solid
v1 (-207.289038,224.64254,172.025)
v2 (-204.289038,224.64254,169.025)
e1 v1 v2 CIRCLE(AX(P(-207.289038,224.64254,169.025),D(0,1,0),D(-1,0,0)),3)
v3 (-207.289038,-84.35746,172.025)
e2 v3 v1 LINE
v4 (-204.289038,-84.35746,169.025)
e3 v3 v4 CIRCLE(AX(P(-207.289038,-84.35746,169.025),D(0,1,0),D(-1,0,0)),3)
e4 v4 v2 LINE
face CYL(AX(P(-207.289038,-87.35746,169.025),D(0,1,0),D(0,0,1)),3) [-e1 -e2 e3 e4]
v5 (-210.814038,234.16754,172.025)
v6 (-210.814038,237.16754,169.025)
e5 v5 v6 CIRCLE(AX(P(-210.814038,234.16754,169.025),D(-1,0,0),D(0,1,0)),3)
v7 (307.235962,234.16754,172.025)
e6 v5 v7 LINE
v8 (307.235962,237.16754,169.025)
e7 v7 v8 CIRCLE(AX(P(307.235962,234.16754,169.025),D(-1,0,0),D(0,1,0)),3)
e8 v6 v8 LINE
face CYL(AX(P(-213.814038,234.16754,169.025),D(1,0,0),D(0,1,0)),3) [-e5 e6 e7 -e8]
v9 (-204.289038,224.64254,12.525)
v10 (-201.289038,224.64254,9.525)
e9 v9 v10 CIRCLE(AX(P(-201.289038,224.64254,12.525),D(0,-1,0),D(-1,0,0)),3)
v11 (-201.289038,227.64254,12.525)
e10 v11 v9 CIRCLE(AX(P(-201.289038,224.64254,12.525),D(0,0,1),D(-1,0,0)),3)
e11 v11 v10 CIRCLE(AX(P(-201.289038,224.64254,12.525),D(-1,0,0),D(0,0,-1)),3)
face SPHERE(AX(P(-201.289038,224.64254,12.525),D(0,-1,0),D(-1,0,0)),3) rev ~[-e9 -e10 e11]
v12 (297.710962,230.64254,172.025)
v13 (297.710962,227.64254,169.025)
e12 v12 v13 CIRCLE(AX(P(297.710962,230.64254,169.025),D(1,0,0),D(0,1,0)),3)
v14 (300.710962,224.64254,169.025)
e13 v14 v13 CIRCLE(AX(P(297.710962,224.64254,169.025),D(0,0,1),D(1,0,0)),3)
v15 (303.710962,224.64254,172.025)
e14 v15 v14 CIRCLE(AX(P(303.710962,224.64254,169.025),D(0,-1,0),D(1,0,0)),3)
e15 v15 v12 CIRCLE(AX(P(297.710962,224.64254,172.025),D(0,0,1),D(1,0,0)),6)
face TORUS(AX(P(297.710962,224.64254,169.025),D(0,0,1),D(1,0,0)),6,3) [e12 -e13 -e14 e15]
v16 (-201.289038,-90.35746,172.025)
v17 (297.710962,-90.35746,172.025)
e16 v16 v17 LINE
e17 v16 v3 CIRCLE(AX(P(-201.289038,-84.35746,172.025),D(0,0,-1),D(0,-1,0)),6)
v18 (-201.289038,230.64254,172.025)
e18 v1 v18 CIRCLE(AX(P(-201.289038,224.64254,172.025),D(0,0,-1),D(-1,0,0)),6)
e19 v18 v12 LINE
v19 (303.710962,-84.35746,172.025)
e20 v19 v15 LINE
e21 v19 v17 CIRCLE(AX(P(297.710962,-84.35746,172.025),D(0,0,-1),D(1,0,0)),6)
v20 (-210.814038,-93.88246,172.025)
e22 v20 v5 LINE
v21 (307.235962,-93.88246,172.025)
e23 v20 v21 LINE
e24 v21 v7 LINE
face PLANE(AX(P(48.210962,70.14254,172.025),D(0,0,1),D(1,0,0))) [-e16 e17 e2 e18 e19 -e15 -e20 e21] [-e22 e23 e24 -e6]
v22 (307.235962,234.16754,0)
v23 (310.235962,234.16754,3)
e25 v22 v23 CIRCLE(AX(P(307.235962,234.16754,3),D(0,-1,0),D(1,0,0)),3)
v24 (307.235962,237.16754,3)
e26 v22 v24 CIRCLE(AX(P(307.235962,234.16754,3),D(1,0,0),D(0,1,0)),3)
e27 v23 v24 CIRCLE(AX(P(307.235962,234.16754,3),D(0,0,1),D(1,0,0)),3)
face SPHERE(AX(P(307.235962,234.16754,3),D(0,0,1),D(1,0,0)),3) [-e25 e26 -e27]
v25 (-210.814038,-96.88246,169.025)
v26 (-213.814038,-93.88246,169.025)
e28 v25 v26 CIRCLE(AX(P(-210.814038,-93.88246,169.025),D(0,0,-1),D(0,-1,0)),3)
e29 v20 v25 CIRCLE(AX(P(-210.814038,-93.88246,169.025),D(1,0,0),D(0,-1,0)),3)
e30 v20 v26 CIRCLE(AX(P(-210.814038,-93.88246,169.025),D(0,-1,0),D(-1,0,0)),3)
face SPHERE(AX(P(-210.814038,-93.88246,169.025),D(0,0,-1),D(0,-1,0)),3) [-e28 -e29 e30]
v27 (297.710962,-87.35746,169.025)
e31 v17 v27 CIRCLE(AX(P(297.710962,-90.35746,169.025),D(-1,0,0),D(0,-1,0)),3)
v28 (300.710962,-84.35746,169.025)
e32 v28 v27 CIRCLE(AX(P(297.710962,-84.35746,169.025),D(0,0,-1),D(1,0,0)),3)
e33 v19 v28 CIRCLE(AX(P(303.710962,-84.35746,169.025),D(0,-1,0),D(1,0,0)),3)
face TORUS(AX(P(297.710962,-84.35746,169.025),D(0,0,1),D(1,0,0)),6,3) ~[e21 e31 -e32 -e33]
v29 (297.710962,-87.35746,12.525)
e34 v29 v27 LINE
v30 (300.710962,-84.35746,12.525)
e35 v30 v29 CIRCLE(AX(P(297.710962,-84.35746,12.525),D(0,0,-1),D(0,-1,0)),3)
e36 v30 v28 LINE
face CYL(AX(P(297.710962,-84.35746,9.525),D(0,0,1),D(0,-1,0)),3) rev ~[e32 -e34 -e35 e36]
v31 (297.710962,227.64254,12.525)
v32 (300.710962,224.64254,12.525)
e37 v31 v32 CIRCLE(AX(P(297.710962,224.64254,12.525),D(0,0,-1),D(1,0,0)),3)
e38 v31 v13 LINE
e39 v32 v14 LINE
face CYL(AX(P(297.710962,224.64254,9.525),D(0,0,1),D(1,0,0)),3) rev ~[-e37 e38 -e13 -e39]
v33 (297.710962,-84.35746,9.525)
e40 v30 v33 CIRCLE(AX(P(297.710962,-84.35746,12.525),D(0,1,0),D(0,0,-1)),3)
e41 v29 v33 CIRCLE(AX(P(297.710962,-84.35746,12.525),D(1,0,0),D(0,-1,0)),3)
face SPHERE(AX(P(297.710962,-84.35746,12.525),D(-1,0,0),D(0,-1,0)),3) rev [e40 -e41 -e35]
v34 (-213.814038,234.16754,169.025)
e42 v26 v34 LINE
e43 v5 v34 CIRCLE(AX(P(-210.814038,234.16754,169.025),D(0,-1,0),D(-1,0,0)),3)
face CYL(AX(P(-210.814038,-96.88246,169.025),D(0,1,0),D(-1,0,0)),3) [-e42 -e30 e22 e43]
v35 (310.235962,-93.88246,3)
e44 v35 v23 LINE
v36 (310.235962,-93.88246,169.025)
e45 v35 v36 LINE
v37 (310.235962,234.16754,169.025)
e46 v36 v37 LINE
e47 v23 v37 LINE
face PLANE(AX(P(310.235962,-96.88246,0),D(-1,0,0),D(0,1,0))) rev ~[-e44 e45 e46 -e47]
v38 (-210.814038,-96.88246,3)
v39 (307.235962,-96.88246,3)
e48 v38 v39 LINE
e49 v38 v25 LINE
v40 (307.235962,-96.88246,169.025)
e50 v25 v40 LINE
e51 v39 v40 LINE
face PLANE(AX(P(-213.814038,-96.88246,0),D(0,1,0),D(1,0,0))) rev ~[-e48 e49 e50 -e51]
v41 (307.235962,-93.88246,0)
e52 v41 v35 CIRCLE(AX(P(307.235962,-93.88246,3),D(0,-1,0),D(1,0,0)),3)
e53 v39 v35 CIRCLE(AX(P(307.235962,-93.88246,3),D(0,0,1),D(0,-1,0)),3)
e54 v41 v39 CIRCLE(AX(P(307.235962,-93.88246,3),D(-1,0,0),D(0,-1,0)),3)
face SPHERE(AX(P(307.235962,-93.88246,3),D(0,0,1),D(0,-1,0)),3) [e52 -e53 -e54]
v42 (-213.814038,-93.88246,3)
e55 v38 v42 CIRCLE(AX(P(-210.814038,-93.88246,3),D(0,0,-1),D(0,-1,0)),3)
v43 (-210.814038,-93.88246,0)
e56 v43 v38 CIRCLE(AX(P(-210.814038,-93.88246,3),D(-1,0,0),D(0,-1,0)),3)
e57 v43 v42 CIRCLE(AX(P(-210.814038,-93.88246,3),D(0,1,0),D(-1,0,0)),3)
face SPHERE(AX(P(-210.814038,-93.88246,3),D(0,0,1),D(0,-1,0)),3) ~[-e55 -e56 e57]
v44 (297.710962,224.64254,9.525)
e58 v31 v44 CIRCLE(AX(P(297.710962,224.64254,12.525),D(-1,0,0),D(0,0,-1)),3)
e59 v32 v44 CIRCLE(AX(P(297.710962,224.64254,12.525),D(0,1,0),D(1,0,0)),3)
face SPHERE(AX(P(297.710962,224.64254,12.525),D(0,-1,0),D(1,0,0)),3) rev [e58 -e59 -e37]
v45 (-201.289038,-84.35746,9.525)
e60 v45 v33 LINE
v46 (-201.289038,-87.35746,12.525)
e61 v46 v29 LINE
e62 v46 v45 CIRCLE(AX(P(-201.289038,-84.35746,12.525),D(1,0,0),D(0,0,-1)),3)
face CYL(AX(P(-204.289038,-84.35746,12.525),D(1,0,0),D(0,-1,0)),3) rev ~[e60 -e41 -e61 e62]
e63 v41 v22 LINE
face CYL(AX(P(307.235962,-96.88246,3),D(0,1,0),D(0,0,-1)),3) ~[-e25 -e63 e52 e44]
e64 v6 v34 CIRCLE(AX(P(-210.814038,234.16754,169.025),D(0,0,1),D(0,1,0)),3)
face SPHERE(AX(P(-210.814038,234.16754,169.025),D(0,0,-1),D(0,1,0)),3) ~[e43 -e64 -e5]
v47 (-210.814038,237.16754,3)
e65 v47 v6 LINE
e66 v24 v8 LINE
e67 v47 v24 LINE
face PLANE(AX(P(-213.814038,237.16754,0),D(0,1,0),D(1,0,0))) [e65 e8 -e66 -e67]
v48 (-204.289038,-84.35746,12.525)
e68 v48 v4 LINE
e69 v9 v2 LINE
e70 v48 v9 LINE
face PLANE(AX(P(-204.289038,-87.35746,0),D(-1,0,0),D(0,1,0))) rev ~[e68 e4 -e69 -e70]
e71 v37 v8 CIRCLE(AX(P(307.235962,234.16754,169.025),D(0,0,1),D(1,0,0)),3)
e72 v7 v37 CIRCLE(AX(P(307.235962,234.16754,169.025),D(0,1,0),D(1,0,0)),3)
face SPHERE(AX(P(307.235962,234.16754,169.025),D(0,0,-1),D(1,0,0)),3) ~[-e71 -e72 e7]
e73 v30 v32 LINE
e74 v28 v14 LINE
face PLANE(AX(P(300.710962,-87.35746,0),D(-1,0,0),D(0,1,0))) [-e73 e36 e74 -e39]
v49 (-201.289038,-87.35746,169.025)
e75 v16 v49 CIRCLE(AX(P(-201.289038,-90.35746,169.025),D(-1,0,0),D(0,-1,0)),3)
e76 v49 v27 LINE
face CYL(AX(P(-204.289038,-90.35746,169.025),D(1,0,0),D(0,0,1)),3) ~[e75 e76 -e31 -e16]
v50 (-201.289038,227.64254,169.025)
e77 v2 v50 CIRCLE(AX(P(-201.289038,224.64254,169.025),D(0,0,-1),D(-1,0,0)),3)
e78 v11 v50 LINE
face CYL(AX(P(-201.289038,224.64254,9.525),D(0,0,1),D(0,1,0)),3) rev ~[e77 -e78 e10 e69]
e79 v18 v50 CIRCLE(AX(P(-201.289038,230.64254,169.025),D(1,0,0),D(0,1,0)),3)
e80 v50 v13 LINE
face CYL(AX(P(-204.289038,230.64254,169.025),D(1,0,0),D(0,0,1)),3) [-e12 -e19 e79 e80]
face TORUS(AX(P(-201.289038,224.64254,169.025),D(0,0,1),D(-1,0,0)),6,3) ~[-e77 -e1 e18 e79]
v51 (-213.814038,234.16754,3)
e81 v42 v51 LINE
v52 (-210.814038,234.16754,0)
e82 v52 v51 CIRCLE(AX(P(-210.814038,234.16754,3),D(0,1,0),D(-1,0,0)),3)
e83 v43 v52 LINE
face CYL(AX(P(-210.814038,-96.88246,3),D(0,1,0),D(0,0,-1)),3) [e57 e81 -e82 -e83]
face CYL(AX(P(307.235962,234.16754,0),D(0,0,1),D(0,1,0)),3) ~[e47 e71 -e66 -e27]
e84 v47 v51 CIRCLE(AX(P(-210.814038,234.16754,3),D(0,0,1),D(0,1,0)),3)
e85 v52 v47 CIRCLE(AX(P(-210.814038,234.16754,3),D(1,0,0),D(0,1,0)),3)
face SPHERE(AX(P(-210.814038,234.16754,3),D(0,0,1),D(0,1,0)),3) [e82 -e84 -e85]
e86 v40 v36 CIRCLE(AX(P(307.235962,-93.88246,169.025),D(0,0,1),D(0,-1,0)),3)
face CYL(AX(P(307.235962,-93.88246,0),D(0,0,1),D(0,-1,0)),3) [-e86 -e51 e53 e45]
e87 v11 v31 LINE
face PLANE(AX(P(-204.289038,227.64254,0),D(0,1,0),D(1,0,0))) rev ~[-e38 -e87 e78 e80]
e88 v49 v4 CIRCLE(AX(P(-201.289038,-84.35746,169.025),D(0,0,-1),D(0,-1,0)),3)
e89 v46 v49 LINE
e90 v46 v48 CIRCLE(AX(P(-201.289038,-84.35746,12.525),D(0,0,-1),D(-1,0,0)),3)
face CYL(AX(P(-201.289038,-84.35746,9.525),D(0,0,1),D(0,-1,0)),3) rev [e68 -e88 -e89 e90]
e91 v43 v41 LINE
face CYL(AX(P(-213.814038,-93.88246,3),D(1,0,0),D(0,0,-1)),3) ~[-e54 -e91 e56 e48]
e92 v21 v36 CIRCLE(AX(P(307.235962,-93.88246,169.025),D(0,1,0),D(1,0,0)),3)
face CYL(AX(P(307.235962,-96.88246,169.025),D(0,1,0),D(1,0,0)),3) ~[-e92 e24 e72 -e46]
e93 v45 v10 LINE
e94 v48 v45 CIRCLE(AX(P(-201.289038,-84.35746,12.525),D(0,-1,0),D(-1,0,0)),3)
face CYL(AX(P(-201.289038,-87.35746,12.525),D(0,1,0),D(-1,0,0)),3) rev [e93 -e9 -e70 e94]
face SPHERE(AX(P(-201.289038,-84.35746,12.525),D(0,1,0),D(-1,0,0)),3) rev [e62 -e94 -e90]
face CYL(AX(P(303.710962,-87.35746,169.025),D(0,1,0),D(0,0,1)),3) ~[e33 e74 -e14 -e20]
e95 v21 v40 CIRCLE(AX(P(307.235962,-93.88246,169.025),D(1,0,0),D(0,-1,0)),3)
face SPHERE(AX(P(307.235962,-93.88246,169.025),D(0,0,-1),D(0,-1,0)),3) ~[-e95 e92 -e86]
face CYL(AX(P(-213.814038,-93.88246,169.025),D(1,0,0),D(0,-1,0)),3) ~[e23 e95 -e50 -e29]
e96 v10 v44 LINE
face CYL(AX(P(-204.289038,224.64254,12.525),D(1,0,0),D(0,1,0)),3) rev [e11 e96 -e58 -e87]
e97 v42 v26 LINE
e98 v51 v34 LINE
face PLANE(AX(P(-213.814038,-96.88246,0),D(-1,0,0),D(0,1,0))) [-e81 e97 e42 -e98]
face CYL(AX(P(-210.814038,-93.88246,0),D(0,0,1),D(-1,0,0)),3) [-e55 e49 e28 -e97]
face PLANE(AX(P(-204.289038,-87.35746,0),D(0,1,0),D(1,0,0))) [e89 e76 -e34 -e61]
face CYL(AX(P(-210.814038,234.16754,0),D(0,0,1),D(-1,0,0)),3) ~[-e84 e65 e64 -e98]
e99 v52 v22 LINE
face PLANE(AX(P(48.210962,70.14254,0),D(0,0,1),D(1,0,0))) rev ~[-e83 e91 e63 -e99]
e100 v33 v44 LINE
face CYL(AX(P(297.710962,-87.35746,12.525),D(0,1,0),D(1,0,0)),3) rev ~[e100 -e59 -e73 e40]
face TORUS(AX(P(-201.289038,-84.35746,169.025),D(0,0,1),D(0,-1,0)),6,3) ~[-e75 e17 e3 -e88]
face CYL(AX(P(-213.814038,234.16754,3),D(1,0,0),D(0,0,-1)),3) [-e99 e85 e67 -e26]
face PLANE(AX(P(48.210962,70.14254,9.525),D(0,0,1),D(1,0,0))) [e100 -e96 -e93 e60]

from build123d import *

# Parameters (mm, degrees)
F0_W     = 524.05
F0_H     = 334.05
F0_W_2   = 505
F0_H_2   = 315
F1_DEPTH = 172.025
F2_DEPTH = 9.525
F3_R     = 3


with BuildPart() as f1:
    # F0 (on Top) → F1 (new body)
    with BuildSketch(Plane.XY):
        with Locations((48.210962, 70.14254)):
            Rectangle(F0_W, F0_H)
        with Locations((48.210962, 70.14254)):
            Rectangle(F0_W_2, F0_H_2, mode=Mode.SUBTRACT)
    extrude(amount=F1_DEPTH)

    # F0 (on Top) → F2 (join)
    with BuildSketch(Plane.XY):
        with Locations((48.210962, 70.14254)):
            Rectangle(F0_W_2, F0_H_2)
    extrude(amount=F2_DEPTH)

    # F3
    f3_edges = [f1.edges().sort_by_distance(p)[0] for p in [
        (-213.814038, -96.88246, 86.0125),
        (310.235962, -96.88246, 86.0125),
        (48.210962, -96.88246, 0),
        (48.210962, -96.88246, 172.025),
        (310.235962, 237.16754, 86.0125),
        (310.235962, 70.14254, 0),
        (310.235962, 70.14254, 172.025),
        (-213.814038, 237.16754, 86.0125),
        (48.210962, 237.16754, 0),
        (48.210962, 237.16754, 172.025),
        (-213.814038, 70.14254, 0),
        (-213.814038, 70.14254, 172.025),
        (300.710962, 70.14254, 172.025),
        (48.210962, -87.35746, 172.025),
        (-204.289038, 70.14254, 172.025),
        (48.210962, 227.64254, 172.025),
        (-204.289038, 70.14254, 9.525),
        (-204.289038, 227.64254, 90.775),
        (-204.289038, -87.35746, 90.775),
        (48.210962, -87.35746, 9.525),
        (300.710962, -87.35746, 90.775),
        (300.710962, 70.14254, 9.525),
        (300.710962, 227.64254, 90.775),
        (48.210962, 227.64254, 9.525),
    ]]
    fillet(f3_edges, radius=F3_R)


solid = f1.part
